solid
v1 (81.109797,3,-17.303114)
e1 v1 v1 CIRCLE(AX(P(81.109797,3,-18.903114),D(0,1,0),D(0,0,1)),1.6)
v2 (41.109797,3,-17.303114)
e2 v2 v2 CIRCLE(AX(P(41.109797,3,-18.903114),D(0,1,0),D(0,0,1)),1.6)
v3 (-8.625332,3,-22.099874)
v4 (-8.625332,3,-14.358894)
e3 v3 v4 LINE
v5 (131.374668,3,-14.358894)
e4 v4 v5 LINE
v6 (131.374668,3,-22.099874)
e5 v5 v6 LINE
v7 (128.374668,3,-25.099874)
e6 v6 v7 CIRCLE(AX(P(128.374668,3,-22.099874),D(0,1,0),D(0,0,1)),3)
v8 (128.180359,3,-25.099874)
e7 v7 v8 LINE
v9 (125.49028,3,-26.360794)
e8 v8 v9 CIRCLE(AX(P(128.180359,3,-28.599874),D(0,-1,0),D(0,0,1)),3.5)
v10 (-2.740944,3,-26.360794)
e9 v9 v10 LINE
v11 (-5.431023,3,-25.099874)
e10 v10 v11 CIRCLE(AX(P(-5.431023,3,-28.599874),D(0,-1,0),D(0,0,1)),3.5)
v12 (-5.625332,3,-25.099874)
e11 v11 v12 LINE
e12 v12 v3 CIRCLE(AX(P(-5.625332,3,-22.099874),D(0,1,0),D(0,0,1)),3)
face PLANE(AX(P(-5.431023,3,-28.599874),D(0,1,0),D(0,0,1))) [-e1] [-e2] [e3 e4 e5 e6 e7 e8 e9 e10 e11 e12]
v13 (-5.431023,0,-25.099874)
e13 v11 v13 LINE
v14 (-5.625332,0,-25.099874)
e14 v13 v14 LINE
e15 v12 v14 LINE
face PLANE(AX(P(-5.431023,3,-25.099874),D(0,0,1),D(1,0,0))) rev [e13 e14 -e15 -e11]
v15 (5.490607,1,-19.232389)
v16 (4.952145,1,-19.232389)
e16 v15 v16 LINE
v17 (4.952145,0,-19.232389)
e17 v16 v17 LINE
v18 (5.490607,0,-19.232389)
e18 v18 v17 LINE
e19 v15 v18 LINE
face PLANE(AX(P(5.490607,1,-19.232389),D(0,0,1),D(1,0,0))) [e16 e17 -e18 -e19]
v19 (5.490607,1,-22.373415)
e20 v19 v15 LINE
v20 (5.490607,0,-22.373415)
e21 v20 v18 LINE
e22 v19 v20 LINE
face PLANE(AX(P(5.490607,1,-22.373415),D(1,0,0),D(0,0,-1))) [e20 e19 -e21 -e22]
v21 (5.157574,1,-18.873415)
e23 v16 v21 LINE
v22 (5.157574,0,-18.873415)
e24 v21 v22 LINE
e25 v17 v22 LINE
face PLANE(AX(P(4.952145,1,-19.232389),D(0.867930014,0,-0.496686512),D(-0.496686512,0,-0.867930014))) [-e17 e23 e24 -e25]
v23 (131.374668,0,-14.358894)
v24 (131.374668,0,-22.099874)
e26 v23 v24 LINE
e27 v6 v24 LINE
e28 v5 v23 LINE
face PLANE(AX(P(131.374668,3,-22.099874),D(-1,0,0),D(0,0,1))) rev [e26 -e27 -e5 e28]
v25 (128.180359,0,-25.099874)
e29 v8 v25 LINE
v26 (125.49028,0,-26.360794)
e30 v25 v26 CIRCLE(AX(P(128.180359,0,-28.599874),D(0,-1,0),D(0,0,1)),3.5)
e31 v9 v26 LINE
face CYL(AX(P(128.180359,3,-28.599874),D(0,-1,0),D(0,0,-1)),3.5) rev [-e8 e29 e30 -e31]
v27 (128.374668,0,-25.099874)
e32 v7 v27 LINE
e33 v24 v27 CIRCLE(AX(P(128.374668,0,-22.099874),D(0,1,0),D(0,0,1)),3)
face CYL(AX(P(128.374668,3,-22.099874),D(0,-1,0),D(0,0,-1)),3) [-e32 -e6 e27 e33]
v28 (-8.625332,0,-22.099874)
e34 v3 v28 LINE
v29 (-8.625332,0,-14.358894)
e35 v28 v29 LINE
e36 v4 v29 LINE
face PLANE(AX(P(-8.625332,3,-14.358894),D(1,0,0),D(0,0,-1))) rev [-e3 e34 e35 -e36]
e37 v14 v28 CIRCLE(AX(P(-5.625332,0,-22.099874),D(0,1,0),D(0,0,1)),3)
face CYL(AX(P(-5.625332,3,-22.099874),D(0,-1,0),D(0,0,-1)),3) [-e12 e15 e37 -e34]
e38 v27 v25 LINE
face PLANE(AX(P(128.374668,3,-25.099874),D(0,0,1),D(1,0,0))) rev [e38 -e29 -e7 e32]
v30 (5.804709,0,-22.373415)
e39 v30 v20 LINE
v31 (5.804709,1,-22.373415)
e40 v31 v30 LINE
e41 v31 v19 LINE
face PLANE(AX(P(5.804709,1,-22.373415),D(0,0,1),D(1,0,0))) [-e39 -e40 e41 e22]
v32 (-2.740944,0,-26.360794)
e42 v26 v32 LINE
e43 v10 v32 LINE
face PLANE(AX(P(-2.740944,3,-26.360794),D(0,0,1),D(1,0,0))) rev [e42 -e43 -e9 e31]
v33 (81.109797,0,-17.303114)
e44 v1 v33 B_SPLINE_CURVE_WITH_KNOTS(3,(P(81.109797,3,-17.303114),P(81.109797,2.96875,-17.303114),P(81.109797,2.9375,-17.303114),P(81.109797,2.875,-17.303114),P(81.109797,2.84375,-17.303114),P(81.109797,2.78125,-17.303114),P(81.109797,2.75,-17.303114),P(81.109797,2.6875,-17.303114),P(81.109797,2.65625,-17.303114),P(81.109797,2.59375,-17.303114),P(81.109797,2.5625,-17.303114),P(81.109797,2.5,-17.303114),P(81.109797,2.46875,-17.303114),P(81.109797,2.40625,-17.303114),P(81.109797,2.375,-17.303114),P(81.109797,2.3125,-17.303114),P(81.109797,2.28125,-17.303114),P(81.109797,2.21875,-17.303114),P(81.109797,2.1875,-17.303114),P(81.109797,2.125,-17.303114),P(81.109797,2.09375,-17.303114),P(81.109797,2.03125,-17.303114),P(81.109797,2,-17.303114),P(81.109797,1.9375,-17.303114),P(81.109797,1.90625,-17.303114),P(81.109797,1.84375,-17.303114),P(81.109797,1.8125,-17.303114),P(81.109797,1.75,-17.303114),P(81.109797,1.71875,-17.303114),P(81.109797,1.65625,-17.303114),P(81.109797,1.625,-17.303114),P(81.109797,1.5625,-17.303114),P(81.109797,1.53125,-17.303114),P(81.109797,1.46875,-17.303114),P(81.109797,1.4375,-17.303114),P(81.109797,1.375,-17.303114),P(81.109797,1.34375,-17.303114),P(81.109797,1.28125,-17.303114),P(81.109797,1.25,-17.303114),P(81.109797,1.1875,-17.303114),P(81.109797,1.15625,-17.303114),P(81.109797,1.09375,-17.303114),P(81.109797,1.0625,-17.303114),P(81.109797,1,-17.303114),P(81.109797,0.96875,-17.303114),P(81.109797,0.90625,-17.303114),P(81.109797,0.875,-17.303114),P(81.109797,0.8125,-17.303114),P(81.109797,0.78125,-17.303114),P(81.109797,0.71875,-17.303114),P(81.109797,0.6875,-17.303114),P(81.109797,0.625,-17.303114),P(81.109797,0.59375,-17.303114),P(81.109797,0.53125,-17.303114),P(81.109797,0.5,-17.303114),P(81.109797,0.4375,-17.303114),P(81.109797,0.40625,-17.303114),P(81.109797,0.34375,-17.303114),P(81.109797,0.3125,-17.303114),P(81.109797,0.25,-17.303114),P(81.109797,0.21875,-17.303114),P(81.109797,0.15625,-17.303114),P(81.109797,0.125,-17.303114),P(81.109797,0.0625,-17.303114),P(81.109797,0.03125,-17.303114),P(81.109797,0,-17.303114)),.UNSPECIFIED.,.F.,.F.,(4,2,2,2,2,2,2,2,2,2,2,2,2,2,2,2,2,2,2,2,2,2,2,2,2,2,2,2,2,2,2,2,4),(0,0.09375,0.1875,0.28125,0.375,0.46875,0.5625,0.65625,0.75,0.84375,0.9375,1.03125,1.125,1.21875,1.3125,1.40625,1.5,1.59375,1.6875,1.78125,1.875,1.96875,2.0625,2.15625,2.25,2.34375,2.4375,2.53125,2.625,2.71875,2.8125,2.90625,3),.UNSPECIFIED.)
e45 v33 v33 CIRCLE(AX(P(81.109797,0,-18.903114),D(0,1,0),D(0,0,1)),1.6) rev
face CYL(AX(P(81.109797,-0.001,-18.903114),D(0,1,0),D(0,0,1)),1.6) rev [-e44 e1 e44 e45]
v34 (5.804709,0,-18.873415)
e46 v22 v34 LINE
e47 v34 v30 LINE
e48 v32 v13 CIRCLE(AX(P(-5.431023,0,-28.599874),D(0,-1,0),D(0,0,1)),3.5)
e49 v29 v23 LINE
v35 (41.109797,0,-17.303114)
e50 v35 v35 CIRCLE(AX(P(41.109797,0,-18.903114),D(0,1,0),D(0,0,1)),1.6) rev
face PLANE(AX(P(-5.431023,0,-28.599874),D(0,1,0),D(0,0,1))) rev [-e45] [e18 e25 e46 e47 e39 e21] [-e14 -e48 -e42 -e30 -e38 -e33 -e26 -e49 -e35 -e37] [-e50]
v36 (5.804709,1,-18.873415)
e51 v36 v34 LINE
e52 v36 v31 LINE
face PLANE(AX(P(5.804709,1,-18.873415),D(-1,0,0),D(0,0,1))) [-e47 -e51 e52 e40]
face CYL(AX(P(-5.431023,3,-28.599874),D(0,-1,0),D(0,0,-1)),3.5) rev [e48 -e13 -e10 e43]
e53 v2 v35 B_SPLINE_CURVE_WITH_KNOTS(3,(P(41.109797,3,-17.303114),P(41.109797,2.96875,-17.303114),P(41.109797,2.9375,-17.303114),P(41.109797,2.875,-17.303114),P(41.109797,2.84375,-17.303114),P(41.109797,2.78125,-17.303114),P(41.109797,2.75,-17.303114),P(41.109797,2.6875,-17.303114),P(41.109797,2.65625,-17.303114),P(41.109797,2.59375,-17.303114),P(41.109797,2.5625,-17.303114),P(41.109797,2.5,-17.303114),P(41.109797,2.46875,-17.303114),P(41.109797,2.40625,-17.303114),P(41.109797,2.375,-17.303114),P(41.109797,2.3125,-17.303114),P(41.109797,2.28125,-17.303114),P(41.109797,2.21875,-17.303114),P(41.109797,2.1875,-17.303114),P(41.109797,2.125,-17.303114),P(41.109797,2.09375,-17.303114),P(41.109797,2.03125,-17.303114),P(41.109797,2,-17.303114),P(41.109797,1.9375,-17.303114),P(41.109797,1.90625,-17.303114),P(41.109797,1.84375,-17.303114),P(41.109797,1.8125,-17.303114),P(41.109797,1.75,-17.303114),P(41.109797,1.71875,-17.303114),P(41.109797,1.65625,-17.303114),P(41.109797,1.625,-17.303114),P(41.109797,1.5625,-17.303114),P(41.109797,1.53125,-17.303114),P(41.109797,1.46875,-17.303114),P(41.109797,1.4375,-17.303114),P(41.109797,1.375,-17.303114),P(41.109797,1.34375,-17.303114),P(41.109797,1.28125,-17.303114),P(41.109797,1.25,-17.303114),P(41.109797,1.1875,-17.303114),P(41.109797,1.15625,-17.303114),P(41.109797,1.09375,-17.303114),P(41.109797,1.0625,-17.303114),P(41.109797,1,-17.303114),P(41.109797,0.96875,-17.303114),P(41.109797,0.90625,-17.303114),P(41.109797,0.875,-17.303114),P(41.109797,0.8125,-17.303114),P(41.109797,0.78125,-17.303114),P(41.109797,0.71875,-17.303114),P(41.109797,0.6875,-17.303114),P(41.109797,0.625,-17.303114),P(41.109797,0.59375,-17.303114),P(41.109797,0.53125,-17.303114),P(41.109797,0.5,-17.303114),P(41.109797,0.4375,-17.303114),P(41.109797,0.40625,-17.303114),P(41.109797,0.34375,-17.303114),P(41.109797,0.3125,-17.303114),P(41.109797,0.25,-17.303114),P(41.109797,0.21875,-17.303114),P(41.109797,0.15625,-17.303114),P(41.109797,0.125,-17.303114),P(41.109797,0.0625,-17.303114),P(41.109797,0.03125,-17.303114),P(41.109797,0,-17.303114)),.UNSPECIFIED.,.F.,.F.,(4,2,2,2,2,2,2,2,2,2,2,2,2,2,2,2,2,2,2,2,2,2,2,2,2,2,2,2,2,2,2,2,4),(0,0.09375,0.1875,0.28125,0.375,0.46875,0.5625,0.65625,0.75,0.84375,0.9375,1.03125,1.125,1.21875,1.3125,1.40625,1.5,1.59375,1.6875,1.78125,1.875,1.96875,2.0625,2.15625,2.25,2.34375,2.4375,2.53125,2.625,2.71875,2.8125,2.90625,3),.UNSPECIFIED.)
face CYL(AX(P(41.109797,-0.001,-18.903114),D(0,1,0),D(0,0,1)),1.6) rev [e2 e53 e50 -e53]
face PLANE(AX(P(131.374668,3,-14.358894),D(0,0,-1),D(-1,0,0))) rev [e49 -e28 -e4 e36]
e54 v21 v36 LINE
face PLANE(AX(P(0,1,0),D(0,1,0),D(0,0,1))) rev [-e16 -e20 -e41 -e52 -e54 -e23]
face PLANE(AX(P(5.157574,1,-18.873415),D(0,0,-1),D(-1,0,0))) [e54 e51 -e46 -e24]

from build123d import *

# Parameters (mm, degrees)
BOSS_EXTRUDE1_DEPTH = 3
CUT_EXTRUDE1_DEPTH  = 1
CUT_EXTRUDE2_REACH  = 136.027


with BuildPart() as part:
    # Sketch1 → Boss-Extrude1 (new body)
    with BuildSketch(Plane(origin=(0, 0, 0), x_dir=(1, 0, 0), z_dir=(0, 1, 0))):
        with BuildLine():
            Line((-5.431022837, 25.099874039), (-5.62533215, 25.099874039))
            ThreePointArc((-5.62533215, 25.099874039), (-7.746652493, 24.221194382), (-8.62533215, 22.099874039))
            Line((-8.62533215, 22.099874039), (-8.62533215, 14.358894177))
            Line((-8.62533215, 14.358894177), (131.37466785, 14.358894177))
            Line((131.37466785, 14.358894177), (131.37466785, 22.099874039))
            ThreePointArc((131.37466785, 22.099874039), (130.495988194, 24.221194382), (128.37466785, 25.099874039))
            Line((128.37466785, 25.099874039), (128.180358538, 25.099874039))
            ThreePointArc((128.180358538, 25.099874039), (126.694892152, 25.430743303), (125.49028015, 26.360794257))
            Line((125.49028015, 26.360794257), (-2.74094445, 26.360794257))
            ThreePointArc((-2.74094445, 26.360794257), (-3.945556452, 25.430743303), (-5.431022837, 25.099874039))
        make_face()
    extrude(amount=BOSS_EXTRUDE1_DEPTH)

    # Sketch2 → Cut-Extrude1 (cut)
    with BuildSketch(Plane.XZ):
        Polygon((5.157574014, -18.873414802), (5.80470943, -18.873414802), (5.80470943, -22.373414802), (5.490606866, -22.373414802), (5.490606866, -19.232389161), (4.952145328, -19.232389161), align=None)
    extrude(amount=-CUT_EXTRUDE1_DEPTH, mode=Mode.SUBTRACT)

    # Sketch3 → Cut-Extrude2 (cut, up to next)
    with BuildSketch(Plane(origin=(0, 3, 0), x_dir=(1, 0, 0), z_dir=(0, 1, 0)), mode=Mode.PRIVATE) as cut_extrude2_sk1:
        with BuildLine():
            ThreePointArc((41.109797099, 17.303114067), (42.709797099, 18.903114067), (41.109797099, 20.503114067))
            ThreePointArc((41.109797099, 20.503114067), (39.509797099, 18.903114067), (41.109797099, 17.303114067))
        make_face()
    cut_extrude2_tool1 = extrude(cut_extrude2_sk1.sketch, amount=-CUT_EXTRUDE2_REACH, mode=Mode.PRIVATE) & part.part
    # Sketch3 → Cut-Extrude2 (cut, up to next)
    with BuildSketch(Plane(origin=(0, 3, 0), x_dir=(1, 0, 0), z_dir=(0, 1, 0)), mode=Mode.PRIVATE) as cut_extrude2_sk2:
        with BuildLine():
            ThreePointArc((81.109797099, 17.303114067), (82.709797099, 18.903114067), (81.109797099, 20.503114067))
            ThreePointArc((81.109797099, 20.503114067), (79.509797099, 18.903114067), (81.109797099, 17.303114067))
        make_face()
    cut_extrude2_tool2 = extrude(cut_extrude2_sk2.sketch, amount=-CUT_EXTRUDE2_REACH, mode=Mode.PRIVATE) & part.part
    add(cut_extrude2_tool1.solids().sort_by_distance((41.109797, 3, -18.903114))[0], mode=Mode.SUBTRACT)
    add(cut_extrude2_tool2.solids().sort_by_distance((81.109797, 3, -18.903114))[0], mode=Mode.SUBTRACT)


solid = part.part
